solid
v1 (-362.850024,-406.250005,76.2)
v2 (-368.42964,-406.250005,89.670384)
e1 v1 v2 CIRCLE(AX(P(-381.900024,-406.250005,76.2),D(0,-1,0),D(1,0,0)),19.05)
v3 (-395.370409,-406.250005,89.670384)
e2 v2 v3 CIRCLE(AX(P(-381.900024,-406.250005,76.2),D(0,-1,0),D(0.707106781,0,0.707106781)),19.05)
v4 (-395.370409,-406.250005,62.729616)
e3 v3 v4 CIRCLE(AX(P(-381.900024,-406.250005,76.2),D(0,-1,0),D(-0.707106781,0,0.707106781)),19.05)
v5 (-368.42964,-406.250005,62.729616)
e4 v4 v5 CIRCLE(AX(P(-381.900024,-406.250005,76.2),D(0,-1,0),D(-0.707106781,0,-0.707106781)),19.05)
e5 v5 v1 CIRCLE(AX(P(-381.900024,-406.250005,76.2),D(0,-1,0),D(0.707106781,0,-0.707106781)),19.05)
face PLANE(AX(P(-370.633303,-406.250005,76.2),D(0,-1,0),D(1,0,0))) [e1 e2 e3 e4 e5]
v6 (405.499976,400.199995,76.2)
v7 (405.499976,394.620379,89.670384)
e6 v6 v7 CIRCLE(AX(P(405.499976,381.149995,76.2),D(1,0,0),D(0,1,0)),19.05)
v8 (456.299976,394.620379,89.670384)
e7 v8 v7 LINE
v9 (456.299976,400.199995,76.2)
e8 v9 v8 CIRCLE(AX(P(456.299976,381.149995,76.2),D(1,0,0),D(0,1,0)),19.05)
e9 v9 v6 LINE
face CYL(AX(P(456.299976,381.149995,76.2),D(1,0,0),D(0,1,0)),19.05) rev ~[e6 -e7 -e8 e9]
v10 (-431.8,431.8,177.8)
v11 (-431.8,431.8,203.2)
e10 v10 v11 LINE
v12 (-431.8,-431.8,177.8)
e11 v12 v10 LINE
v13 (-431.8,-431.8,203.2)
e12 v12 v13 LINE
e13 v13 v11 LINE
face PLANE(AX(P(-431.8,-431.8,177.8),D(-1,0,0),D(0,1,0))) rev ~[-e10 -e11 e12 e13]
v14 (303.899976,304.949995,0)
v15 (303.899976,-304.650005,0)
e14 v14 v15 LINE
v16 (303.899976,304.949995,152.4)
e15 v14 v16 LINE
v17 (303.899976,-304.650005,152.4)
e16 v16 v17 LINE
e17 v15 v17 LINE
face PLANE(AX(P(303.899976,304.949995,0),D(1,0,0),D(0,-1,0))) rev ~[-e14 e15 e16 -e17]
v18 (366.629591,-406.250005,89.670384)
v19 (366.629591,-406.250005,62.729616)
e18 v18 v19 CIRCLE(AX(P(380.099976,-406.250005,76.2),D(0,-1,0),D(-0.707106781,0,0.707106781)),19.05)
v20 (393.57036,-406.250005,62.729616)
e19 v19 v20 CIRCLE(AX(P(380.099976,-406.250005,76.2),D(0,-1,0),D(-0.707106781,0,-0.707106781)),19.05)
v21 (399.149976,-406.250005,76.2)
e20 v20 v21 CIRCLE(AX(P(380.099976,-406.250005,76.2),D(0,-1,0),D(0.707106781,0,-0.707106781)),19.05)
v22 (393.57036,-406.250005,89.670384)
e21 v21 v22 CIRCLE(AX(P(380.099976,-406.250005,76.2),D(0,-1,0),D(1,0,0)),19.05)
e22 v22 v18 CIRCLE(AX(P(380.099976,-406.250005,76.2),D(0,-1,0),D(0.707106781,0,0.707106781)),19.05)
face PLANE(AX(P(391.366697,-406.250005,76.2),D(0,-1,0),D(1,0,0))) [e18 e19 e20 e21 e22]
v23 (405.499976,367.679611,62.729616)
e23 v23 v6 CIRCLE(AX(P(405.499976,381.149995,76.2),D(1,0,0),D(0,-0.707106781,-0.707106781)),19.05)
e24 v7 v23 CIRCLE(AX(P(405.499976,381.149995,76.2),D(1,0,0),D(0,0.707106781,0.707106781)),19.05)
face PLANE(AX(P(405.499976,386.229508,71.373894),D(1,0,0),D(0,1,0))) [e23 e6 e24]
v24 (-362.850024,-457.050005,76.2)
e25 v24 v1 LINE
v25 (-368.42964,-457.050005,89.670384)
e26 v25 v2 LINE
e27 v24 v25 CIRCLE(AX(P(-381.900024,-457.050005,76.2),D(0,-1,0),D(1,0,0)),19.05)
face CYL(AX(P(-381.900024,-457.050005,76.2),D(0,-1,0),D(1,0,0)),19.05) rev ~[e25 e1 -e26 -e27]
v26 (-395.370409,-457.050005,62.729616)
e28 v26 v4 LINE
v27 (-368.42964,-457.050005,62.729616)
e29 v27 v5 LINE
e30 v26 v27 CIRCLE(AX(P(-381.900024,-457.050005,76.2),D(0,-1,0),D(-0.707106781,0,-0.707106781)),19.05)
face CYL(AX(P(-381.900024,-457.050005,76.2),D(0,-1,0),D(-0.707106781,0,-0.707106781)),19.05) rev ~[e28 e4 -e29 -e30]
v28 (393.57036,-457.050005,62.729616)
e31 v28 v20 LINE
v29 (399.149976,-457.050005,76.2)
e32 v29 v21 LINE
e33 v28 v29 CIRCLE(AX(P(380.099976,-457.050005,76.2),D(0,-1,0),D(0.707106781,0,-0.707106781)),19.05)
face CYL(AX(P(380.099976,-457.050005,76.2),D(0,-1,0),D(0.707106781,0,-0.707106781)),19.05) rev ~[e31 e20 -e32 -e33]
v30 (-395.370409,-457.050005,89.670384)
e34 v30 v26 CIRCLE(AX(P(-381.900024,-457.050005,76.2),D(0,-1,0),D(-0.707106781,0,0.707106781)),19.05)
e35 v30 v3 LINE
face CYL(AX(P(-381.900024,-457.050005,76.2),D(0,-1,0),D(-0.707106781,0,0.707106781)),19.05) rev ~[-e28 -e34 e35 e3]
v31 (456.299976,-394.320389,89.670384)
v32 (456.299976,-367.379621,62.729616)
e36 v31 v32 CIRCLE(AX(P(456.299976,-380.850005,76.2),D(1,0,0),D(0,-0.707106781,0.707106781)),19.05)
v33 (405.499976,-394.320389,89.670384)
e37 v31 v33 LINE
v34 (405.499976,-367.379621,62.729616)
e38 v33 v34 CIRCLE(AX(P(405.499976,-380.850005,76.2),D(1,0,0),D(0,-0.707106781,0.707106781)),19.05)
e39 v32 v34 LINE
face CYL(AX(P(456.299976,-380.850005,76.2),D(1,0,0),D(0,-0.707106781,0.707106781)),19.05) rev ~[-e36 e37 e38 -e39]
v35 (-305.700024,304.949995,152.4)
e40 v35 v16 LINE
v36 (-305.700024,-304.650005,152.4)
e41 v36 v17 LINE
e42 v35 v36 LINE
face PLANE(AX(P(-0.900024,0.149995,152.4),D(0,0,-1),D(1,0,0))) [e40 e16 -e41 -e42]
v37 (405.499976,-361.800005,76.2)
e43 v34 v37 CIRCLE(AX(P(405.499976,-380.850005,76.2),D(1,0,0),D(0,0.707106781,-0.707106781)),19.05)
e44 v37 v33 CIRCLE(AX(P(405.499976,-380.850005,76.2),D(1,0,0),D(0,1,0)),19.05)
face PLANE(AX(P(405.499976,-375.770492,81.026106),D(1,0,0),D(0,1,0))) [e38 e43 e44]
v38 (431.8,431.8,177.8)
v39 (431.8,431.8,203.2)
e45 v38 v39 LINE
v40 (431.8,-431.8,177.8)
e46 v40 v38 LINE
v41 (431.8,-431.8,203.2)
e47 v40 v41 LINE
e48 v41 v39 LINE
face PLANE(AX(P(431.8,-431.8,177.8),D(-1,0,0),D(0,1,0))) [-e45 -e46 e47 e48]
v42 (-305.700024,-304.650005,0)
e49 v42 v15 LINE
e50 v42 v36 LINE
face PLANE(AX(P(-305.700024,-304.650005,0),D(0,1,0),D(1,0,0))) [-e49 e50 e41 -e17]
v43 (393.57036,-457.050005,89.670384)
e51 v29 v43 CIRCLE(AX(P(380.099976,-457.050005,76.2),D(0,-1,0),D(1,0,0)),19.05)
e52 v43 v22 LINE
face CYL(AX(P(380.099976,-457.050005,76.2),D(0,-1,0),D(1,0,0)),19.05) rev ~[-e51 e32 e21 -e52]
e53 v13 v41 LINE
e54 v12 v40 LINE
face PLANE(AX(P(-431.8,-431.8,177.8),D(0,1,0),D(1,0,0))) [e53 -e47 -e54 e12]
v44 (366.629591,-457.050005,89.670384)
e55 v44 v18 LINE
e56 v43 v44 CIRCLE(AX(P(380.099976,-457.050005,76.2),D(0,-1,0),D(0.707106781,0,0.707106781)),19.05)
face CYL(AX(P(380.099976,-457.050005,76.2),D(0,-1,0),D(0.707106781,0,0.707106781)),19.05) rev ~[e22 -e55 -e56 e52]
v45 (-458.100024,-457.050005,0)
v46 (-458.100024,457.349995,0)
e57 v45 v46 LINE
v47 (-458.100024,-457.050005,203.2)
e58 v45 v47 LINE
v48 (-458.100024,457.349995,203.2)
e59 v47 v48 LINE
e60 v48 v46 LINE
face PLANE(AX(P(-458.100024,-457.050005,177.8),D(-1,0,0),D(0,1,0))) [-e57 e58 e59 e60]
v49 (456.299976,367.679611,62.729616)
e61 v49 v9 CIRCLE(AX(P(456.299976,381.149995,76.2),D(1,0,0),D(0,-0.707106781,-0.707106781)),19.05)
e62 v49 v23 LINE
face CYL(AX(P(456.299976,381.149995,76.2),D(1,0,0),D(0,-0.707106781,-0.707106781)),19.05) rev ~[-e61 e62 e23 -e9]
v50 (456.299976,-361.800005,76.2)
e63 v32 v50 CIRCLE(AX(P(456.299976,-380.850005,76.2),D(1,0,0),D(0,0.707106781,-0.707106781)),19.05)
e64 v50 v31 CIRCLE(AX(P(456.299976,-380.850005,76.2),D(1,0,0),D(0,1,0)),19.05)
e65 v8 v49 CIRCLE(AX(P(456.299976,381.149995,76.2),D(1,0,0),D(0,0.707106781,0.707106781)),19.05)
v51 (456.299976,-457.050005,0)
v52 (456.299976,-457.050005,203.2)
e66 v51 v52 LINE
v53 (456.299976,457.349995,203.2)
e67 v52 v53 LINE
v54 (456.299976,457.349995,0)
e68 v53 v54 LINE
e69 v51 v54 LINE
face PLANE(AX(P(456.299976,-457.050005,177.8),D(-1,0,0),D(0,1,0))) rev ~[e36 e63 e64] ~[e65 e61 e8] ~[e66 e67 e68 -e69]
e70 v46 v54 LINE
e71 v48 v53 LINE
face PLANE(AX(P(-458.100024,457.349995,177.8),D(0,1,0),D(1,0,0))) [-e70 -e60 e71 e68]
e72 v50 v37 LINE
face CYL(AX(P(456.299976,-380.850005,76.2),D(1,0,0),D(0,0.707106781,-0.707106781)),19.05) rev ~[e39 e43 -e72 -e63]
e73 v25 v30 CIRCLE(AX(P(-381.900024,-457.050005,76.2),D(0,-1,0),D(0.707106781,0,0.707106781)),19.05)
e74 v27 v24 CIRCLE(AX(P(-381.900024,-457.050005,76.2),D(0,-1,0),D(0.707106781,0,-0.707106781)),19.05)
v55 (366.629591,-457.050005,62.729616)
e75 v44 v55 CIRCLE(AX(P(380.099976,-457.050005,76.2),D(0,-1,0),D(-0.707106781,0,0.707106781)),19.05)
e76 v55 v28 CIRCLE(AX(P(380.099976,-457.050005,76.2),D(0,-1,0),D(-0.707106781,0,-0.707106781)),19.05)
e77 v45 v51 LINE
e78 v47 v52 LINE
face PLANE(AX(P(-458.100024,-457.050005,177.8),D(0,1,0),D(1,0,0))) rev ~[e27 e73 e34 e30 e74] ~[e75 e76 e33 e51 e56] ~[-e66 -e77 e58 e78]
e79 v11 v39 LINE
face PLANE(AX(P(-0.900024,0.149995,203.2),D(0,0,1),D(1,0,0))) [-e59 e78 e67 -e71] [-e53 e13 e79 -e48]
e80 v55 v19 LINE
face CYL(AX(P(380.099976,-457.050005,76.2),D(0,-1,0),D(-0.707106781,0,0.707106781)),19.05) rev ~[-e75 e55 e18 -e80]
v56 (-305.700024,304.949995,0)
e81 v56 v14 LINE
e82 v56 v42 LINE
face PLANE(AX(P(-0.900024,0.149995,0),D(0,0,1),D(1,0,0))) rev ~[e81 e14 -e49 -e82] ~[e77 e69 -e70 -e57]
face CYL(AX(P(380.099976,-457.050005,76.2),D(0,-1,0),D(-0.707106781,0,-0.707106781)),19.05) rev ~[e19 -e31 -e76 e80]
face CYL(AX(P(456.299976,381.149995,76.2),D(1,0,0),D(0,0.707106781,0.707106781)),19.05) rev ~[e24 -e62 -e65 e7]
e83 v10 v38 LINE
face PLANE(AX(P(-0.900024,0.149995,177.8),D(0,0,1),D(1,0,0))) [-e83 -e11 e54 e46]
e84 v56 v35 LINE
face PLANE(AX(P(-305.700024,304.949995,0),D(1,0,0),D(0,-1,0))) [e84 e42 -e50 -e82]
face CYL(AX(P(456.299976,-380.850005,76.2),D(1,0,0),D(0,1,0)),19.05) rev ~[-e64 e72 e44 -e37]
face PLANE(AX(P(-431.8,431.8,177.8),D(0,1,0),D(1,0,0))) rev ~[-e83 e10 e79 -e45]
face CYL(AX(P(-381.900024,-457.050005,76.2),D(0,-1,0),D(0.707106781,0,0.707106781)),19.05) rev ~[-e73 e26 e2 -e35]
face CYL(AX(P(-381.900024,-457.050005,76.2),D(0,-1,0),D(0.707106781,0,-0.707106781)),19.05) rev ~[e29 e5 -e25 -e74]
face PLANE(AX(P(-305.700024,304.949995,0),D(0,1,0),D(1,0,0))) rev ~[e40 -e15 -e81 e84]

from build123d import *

# Parameters (mm, degrees)
F0_W      = 914.4
F0_H      = 914.4
F1_DEPTH  = 177.8
F2_W      = 609.6
F2_H      = 609.6
F3_DEPTH  = 152.4
F6_DEPTH  = 50.8
F8_DEPTH  = 50.8
F9_W      = 914.4
F9_H      = 914.4
F9_W_2    = 863.6
F9_H_2    = 863.6
F10_DEPTH = 25.4


with BuildPart() as f1:
    # F0 (on Top) → F1 (new body)
    with BuildSketch(Plane.XY):
        with Locations((-0.90002447, 0.1499950886)):
            Rectangle(F0_W, F0_H)
    extrude(amount=F1_DEPTH)

    # F2 (on face) → F3 (cut)
    with BuildSketch(Plane(origin=(0, 0, 0), x_dir=(1, 0, 0), z_dir=(0, 0, -1))):
        with Locations((-0.90002447, -0.1499950886)):
            Rectangle(F2_W, F2_H)
    extrude(amount=-F3_DEPTH, mode=Mode.SUBTRACT)

    # F5 (on face) → F6 (cut)
    with BuildSketch(Plane.XZ.offset(457.0500049114)):
        with BuildLine():
            Line((380.09997553, 76.2), (393.5703597116, 62.7296158184))
            ThreePointArc((393.5703597116, 62.7296158184), (397.6998806243, 68.9098806134), (399.14997553, 76.2))
            ThreePointArc((399.14997553, 76.2), (397.6998806243, 83.4901193866), (393.5703597116, 89.6703841816))
            Line((393.5703597116, 89.6703841816), (380.09997553, 76.2))
        make_face()
        with BuildLine():
            Line((380.09997553, 76.2), (393.5703597116, 89.6703841816))
            ThreePointArc((393.5703597116, 89.6703841816), (380.09997553, 95.25), (366.6295913484, 89.6703841816))
            Line((366.6295913484, 89.6703841816), (380.09997553, 76.2))
        make_face()
        with BuildLine():
            ThreePointArc((366.6295913484, 89.6703841816), (361.04997553, 76.2), (366.6295913484, 62.7296158184))
            Line((366.6295913484, 62.7296158184), (380.09997553, 76.2))
            Line((380.09997553, 76.2), (366.6295913484, 89.6703841816))
        make_face()
        with BuildLine():
            ThreePointArc((366.6295913484, 62.7296158184), (380.09997553, 57.15), (393.5703597116, 62.7296158184))
            Line((393.5703597116, 62.7296158184), (380.09997553, 76.2))
            Line((380.09997553, 76.2), (366.6295913484, 62.7296158184))
        make_face()
        with BuildLine():
            Line((-381.90002447, 76.2), (-368.4296402884, 62.7296158184))
            ThreePointArc((-368.4296402884, 62.7296158184), (-364.3001193757, 68.9098806134), (-362.85002447, 76.2))
            ThreePointArc((-362.85002447, 76.2), (-364.3001193757, 83.4901193866), (-368.4296402884, 89.6703841816))
            Line((-368.4296402884, 89.6703841816), (-381.90002447, 76.2))
        make_face()
        with BuildLine():
            Line((-381.90002447, 76.2), (-368.4296402884, 89.6703841816))
            ThreePointArc((-368.4296402884, 89.6703841816), (-381.90002447, 95.25), (-395.3704086516, 89.6703841816))
            Line((-395.3704086516, 89.6703841816), (-381.90002447, 76.2))
        make_face()
        with BuildLine():
            ThreePointArc((-395.3704086516, 89.6703841816), (-400.95002447, 76.2), (-395.3704086516, 62.7296158184))
            Line((-395.3704086516, 62.7296158184), (-381.90002447, 76.2))
            Line((-381.90002447, 76.2), (-395.3704086516, 89.6703841816))
        make_face()
        with BuildLine():
            ThreePointArc((-395.3704086516, 62.7296158184), (-381.90002447, 57.15), (-368.4296402884, 62.7296158184))
            Line((-368.4296402884, 62.7296158184), (-381.90002447, 76.2))
            Line((-381.90002447, 76.2), (-395.3704086516, 62.7296158184))
        make_face()
    extrude(amount=-F6_DEPTH, mode=Mode.SUBTRACT)

    # F7 (on face) → F8 (cut)
    with BuildSketch(Plane.YZ.offset(456.29997553)):
        with BuildLine():
            Line((394.6203792702, 89.6703841816), (367.679610907, 62.7296158184))
            ThreePointArc((367.679610907, 62.7296158184), (388.4401144751, 58.6000949057), (400.1999950886, 76.2))
            ThreePointArc((400.1999950886, 76.2), (398.7499001829, 83.4901193866), (394.6203792702, 89.6703841816))
        make_face()
        with BuildLine():
            ThreePointArc((394.6203792702, 89.6703841816), (367.679610907, 89.6703841816), (367.679610907, 62.7296158184))
            Line((367.679610907, 62.7296158184), (394.6203792702, 89.6703841816))
        make_face()
        with BuildLine():
            Line((-394.320389093, 89.6703841816), (-367.3796207298, 62.7296158184))
            ThreePointArc((-367.3796207298, 62.7296158184), (-363.2500998171, 68.9098806134), (-361.8000049114, 76.2))
            ThreePointArc((-361.8000049114, 76.2), (-373.5598855249, 93.7999050943), (-394.320389093, 89.6703841816))
        make_face()
        with BuildLine():
            ThreePointArc((-394.320389093, 89.6703841816), (-394.320389093, 62.7296158184), (-367.3796207298, 62.7296158184))
            Line((-367.3796207298, 62.7296158184), (-394.320389093, 89.6703841816))
        make_face()
    extrude(amount=-F8_DEPTH, mode=Mode.SUBTRACT)

    # F9 (on face) → F10 (join)
    with BuildSketch(Plane.XY.offset(177.8)):
        with Locations((-0.90002447, 0.1499950886)):
            Rectangle(F9_W, F9_H)
        Rectangle(F9_W_2, F9_H_2, mode=Mode.SUBTRACT)
    extrude(amount=F10_DEPTH)


solid = f1.part
